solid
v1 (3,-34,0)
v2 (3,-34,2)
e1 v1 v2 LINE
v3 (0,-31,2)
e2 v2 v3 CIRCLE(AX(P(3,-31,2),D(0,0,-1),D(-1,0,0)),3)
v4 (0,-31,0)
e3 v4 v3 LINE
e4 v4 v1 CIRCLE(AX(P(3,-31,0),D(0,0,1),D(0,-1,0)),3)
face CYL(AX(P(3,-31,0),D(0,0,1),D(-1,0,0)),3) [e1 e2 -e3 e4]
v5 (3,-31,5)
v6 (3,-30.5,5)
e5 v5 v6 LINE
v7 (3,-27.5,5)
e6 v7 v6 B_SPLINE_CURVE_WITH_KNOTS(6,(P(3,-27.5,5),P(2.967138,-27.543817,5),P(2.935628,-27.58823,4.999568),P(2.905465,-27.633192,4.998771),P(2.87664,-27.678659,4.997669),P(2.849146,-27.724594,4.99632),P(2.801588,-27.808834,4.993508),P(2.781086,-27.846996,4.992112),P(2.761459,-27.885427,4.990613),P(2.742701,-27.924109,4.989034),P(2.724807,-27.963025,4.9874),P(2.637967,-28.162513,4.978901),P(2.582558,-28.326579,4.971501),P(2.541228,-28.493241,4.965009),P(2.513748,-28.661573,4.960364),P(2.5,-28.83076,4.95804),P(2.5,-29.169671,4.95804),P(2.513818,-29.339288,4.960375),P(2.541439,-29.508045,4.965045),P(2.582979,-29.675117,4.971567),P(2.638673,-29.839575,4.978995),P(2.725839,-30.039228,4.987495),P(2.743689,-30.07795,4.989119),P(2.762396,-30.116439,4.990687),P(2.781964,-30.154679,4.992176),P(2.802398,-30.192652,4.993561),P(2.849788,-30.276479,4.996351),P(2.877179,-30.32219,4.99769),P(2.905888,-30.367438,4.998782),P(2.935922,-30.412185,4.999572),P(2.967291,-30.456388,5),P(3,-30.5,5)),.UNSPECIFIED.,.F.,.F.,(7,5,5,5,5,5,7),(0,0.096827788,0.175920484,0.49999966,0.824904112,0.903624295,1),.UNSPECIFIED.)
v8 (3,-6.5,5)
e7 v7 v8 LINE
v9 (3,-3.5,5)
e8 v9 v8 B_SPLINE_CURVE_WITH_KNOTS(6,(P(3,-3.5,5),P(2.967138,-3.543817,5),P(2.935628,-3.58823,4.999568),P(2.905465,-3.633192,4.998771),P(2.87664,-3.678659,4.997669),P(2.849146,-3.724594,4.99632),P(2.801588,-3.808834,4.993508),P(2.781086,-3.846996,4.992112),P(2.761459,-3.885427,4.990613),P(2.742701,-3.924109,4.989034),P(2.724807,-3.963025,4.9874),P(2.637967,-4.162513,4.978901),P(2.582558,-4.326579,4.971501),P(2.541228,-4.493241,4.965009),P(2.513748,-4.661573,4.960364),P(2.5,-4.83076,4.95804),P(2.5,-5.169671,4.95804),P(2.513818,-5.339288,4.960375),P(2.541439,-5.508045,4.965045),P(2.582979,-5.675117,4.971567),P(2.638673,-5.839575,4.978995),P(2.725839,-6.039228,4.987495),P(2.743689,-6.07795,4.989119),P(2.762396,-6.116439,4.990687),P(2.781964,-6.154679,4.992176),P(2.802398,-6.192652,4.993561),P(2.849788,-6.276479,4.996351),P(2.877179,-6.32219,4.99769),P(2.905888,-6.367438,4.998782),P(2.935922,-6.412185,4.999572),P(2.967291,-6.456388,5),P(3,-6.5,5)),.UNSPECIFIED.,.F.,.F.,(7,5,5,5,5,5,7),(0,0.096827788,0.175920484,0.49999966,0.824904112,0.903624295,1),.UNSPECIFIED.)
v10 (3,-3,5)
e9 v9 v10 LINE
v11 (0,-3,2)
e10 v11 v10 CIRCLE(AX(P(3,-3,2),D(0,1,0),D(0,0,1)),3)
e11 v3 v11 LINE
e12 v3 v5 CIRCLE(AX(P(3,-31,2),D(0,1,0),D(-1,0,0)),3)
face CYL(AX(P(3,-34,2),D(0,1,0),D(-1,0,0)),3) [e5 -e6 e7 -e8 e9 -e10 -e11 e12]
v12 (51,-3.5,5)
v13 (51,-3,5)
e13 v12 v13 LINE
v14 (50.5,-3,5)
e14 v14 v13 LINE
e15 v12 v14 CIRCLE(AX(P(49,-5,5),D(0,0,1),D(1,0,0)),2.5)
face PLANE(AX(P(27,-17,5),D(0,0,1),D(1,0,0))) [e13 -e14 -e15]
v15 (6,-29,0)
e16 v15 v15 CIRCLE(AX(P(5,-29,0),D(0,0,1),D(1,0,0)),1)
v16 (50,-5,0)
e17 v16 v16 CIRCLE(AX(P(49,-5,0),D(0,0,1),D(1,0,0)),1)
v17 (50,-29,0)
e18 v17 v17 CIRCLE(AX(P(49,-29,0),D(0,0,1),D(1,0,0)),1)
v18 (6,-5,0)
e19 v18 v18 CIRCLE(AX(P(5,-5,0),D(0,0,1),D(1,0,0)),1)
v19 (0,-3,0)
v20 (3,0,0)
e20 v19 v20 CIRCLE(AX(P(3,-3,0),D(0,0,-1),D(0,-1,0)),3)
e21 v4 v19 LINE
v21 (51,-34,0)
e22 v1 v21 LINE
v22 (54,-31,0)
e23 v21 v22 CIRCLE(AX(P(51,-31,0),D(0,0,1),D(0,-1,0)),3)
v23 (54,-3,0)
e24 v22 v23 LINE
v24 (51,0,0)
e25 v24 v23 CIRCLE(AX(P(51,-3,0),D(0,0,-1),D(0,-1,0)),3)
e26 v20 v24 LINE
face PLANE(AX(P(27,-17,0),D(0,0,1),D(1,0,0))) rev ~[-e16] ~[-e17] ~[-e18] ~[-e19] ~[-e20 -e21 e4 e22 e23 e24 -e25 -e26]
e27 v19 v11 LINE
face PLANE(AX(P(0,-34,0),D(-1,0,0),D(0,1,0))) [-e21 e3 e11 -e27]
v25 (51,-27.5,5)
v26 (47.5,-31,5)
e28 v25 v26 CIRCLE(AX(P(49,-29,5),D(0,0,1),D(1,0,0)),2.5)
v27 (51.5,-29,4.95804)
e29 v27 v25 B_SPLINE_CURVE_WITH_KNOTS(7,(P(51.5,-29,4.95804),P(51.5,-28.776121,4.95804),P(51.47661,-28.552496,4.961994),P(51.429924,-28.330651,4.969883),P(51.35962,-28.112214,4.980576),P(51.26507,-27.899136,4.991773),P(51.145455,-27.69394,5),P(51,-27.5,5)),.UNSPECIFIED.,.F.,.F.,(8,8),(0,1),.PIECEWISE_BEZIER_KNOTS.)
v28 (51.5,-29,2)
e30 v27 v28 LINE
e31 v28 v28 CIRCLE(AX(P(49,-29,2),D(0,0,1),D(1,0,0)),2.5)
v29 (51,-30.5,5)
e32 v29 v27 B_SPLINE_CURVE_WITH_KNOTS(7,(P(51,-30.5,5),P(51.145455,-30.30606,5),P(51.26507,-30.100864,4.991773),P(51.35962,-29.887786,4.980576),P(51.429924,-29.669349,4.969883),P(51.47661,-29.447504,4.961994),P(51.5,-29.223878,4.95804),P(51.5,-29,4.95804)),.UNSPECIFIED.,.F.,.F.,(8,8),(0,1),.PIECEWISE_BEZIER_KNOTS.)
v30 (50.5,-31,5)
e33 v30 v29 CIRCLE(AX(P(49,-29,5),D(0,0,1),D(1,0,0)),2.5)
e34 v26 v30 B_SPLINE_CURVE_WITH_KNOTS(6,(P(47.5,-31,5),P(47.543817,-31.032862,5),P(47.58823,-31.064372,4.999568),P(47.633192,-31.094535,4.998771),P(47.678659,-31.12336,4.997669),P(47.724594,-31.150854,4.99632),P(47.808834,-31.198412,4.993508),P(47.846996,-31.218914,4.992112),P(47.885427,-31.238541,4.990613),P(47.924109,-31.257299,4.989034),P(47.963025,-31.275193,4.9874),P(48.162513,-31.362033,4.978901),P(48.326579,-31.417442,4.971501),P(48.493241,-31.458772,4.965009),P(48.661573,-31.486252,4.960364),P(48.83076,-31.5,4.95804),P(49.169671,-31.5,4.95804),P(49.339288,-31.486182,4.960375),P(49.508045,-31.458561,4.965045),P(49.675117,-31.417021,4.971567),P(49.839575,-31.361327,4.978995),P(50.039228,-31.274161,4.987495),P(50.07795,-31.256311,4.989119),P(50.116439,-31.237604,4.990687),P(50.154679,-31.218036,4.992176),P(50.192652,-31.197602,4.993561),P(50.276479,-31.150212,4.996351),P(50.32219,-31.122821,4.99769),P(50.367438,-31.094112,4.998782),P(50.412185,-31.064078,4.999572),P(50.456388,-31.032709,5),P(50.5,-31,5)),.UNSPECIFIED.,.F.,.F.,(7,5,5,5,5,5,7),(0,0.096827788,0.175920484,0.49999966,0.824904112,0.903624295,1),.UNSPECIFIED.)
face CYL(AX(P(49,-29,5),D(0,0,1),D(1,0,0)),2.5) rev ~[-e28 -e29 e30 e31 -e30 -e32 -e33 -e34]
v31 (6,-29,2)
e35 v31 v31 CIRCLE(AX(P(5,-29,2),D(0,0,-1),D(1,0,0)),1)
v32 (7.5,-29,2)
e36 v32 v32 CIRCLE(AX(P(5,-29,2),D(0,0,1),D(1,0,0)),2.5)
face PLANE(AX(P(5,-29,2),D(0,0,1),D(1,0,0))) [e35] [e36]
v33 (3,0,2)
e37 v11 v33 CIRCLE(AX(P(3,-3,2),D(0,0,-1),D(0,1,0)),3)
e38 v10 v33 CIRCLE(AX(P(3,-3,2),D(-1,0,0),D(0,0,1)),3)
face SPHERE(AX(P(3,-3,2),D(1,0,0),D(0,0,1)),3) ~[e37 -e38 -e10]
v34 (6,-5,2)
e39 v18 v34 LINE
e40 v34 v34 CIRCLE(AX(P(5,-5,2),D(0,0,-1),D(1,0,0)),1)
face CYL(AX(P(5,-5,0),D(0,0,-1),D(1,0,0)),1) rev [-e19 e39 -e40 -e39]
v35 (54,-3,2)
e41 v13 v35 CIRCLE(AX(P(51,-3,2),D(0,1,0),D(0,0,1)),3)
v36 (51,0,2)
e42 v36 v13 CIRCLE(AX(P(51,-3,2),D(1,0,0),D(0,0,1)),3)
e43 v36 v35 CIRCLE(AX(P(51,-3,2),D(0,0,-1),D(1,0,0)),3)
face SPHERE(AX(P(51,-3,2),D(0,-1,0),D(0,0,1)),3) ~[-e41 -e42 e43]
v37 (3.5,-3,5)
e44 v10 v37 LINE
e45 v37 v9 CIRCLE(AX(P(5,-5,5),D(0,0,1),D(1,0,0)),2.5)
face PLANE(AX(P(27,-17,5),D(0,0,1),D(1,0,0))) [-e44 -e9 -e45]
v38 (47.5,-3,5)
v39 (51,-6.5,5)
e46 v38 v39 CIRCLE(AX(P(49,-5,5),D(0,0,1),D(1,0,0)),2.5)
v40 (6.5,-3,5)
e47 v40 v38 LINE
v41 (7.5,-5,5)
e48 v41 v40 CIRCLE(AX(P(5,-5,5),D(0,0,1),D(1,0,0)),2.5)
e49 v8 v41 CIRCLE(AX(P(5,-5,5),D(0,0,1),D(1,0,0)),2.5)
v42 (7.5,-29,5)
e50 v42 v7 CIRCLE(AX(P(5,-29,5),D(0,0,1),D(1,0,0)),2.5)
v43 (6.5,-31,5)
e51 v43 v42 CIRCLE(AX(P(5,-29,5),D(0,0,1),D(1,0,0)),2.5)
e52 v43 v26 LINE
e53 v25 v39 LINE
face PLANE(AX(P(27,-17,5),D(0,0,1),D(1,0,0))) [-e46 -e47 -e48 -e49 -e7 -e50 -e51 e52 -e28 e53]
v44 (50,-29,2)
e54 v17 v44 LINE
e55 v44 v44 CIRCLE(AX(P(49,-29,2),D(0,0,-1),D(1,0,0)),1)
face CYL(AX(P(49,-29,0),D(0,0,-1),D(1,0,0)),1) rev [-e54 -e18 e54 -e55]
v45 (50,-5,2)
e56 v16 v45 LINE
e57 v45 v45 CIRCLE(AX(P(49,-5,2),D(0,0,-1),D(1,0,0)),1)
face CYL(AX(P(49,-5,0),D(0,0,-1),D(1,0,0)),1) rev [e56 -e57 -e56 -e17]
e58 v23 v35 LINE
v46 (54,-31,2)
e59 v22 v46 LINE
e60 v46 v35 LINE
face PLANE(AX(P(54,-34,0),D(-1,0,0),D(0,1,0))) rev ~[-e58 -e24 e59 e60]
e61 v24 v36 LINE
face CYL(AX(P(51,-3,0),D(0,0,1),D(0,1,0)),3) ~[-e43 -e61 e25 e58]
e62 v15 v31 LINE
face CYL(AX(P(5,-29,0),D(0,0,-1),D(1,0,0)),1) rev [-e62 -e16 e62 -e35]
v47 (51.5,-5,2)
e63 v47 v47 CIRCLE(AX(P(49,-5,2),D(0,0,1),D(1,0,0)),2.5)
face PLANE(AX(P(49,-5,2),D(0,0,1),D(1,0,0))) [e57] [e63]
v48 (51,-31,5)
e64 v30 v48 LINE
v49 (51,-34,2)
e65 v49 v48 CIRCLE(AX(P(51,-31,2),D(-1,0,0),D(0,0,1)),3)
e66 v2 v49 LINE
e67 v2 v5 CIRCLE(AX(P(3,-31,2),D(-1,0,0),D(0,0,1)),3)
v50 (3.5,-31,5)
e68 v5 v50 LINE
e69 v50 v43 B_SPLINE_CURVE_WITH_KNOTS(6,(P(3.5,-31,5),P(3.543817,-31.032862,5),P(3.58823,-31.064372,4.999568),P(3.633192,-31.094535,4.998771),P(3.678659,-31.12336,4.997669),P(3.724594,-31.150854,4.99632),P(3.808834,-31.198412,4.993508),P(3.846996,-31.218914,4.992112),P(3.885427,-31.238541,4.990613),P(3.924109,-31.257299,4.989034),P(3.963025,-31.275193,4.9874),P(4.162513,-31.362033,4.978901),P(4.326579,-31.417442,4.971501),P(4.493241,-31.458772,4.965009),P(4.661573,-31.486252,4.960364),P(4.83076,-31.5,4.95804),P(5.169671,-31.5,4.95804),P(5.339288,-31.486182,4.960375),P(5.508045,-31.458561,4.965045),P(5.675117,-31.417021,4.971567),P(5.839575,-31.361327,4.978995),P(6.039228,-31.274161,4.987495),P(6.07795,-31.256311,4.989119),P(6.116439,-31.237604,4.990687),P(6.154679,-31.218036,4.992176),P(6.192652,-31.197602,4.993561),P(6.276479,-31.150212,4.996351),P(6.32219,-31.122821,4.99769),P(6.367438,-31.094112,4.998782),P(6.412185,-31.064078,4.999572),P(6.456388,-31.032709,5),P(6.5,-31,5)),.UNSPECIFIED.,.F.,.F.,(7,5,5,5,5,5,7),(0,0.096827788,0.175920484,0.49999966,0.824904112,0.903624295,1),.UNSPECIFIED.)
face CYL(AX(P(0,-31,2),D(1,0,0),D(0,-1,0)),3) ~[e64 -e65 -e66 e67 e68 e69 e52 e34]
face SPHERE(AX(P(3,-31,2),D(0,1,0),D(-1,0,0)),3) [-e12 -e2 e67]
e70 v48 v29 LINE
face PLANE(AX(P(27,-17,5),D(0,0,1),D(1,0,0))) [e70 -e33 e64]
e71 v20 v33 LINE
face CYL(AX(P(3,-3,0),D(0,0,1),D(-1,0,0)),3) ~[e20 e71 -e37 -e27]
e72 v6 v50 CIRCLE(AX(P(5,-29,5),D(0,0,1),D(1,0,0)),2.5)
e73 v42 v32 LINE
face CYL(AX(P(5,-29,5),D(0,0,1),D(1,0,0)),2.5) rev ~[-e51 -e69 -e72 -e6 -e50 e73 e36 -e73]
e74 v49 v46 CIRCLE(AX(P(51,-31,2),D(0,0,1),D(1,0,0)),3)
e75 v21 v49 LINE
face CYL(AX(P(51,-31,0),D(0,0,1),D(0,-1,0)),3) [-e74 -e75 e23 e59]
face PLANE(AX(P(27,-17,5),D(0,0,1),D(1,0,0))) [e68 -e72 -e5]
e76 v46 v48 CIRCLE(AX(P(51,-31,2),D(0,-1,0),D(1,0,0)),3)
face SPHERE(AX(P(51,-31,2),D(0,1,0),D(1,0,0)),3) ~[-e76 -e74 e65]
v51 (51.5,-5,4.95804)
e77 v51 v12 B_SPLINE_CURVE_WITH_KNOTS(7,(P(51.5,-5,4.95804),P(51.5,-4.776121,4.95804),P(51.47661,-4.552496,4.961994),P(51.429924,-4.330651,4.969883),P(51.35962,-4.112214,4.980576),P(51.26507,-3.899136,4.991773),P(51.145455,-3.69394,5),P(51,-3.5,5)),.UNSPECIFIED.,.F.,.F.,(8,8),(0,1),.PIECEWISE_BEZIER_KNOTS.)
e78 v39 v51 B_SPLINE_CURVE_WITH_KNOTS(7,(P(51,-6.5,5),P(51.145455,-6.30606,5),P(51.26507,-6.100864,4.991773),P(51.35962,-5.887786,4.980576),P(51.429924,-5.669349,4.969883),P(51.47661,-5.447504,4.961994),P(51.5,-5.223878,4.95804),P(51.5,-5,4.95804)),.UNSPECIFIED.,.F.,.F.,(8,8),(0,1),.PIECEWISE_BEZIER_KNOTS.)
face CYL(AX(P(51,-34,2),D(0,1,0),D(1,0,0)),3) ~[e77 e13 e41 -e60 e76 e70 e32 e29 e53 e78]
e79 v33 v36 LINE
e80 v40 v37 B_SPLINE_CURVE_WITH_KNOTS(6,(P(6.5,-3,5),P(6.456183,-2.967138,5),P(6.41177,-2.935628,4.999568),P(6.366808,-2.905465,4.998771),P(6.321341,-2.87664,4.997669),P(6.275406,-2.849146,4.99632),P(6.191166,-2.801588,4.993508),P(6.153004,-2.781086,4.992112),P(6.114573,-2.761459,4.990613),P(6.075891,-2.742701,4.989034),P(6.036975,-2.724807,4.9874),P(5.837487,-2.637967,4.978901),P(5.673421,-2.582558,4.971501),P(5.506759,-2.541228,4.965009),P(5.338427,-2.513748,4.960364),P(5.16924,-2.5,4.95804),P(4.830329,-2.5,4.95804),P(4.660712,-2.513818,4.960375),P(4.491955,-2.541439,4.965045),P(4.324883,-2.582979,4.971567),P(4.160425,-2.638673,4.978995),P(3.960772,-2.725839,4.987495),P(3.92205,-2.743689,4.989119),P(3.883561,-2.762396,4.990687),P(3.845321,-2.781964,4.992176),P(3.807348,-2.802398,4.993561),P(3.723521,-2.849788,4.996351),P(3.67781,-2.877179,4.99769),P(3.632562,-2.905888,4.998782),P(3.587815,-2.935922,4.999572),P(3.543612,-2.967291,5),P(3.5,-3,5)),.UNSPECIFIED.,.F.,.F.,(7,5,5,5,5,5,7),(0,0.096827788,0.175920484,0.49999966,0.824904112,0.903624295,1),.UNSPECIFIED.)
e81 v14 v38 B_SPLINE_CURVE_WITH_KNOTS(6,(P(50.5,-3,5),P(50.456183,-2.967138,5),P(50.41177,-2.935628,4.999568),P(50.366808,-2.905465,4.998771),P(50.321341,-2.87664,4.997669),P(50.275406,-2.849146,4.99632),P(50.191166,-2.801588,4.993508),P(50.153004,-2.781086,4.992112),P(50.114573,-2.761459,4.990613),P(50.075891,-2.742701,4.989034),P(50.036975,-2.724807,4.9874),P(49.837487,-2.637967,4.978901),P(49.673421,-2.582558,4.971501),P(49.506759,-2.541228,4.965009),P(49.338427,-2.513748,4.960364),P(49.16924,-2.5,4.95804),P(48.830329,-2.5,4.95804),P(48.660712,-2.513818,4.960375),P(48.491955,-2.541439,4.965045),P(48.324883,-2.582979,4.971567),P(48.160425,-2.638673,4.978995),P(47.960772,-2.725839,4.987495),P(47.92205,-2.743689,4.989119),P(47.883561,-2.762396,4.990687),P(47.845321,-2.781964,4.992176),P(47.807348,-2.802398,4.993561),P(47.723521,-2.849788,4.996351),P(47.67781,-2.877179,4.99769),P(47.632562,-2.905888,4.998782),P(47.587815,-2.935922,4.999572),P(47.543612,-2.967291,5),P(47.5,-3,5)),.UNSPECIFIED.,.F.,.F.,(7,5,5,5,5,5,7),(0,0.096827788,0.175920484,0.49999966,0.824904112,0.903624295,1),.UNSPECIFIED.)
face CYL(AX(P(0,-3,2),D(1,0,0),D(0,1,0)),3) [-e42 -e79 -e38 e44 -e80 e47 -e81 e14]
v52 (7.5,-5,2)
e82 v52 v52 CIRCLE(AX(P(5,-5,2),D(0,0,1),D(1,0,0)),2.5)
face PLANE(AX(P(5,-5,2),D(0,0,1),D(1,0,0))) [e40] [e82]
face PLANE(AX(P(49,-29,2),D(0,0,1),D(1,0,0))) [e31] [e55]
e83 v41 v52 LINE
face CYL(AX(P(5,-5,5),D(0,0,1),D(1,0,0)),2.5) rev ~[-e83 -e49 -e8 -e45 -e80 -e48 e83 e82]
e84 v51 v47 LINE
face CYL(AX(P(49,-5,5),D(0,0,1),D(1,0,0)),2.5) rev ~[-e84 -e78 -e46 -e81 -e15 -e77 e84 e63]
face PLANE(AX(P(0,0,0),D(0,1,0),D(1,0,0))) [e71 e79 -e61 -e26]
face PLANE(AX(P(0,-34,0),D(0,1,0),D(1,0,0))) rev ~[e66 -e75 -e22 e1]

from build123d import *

# Parameters (mm, degrees)
SKETCH1_W           = 54
SKETCH1_H           = 34
SKETCH1_R           = 1
BOSS_EXTRUDE1_DEPTH = 5
FILLET2_R           = 3
SKETCH2_R           = 2.5
CUT_EXTRUDE1_DEPTH  = 3


with BuildPart() as part:
    # Sketch1 → Boss-Extrude1 (new body)
    with BuildSketch(Plane.XY):
        with Locations((27, -17)):
            Rectangle(SKETCH1_W, SKETCH1_H)
        with Locations((5, -5)):
            Circle(SKETCH1_R, mode=Mode.SUBTRACT)
        with Locations((49, -5)):
            Circle(SKETCH1_R, mode=Mode.SUBTRACT)
        with Locations((49, -29)):
            Circle(SKETCH1_R, mode=Mode.SUBTRACT)
        with Locations((5, -29)):
            Circle(SKETCH1_R, mode=Mode.SUBTRACT)
    extrude(amount=BOSS_EXTRUDE1_DEPTH)

    # Fillet2
    fillet2_edges = [part.edges().sort_by_distance(p)[0] for p in [
        (54, -17, 5),
        (27, 0, 5),
        (0, -17, 5),
        (0, 0, 2.5),
        (54, 0, 2.5),
        (54, -34, 2.5),
        (0, -34, 2.5),
        (27, -34, 5),
    ]]
    fillet(fillet2_edges, radius=FILLET2_R)

    # Sketch2 → Cut-Extrude1 (cut)
    with BuildSketch(Plane.XY.offset(5)):
        with Locations((5, -5)):
            Circle(SKETCH2_R)
        with Locations((5, -29)):
            Circle(SKETCH2_R)
        with Locations((49, -29)):
            Circle(SKETCH2_R)
        with Locations((49, -5)):
            Circle(SKETCH2_R)
    extrude(amount=-CUT_EXTRUDE1_DEPTH, mode=Mode.SUBTRACT)


solid = part.part
